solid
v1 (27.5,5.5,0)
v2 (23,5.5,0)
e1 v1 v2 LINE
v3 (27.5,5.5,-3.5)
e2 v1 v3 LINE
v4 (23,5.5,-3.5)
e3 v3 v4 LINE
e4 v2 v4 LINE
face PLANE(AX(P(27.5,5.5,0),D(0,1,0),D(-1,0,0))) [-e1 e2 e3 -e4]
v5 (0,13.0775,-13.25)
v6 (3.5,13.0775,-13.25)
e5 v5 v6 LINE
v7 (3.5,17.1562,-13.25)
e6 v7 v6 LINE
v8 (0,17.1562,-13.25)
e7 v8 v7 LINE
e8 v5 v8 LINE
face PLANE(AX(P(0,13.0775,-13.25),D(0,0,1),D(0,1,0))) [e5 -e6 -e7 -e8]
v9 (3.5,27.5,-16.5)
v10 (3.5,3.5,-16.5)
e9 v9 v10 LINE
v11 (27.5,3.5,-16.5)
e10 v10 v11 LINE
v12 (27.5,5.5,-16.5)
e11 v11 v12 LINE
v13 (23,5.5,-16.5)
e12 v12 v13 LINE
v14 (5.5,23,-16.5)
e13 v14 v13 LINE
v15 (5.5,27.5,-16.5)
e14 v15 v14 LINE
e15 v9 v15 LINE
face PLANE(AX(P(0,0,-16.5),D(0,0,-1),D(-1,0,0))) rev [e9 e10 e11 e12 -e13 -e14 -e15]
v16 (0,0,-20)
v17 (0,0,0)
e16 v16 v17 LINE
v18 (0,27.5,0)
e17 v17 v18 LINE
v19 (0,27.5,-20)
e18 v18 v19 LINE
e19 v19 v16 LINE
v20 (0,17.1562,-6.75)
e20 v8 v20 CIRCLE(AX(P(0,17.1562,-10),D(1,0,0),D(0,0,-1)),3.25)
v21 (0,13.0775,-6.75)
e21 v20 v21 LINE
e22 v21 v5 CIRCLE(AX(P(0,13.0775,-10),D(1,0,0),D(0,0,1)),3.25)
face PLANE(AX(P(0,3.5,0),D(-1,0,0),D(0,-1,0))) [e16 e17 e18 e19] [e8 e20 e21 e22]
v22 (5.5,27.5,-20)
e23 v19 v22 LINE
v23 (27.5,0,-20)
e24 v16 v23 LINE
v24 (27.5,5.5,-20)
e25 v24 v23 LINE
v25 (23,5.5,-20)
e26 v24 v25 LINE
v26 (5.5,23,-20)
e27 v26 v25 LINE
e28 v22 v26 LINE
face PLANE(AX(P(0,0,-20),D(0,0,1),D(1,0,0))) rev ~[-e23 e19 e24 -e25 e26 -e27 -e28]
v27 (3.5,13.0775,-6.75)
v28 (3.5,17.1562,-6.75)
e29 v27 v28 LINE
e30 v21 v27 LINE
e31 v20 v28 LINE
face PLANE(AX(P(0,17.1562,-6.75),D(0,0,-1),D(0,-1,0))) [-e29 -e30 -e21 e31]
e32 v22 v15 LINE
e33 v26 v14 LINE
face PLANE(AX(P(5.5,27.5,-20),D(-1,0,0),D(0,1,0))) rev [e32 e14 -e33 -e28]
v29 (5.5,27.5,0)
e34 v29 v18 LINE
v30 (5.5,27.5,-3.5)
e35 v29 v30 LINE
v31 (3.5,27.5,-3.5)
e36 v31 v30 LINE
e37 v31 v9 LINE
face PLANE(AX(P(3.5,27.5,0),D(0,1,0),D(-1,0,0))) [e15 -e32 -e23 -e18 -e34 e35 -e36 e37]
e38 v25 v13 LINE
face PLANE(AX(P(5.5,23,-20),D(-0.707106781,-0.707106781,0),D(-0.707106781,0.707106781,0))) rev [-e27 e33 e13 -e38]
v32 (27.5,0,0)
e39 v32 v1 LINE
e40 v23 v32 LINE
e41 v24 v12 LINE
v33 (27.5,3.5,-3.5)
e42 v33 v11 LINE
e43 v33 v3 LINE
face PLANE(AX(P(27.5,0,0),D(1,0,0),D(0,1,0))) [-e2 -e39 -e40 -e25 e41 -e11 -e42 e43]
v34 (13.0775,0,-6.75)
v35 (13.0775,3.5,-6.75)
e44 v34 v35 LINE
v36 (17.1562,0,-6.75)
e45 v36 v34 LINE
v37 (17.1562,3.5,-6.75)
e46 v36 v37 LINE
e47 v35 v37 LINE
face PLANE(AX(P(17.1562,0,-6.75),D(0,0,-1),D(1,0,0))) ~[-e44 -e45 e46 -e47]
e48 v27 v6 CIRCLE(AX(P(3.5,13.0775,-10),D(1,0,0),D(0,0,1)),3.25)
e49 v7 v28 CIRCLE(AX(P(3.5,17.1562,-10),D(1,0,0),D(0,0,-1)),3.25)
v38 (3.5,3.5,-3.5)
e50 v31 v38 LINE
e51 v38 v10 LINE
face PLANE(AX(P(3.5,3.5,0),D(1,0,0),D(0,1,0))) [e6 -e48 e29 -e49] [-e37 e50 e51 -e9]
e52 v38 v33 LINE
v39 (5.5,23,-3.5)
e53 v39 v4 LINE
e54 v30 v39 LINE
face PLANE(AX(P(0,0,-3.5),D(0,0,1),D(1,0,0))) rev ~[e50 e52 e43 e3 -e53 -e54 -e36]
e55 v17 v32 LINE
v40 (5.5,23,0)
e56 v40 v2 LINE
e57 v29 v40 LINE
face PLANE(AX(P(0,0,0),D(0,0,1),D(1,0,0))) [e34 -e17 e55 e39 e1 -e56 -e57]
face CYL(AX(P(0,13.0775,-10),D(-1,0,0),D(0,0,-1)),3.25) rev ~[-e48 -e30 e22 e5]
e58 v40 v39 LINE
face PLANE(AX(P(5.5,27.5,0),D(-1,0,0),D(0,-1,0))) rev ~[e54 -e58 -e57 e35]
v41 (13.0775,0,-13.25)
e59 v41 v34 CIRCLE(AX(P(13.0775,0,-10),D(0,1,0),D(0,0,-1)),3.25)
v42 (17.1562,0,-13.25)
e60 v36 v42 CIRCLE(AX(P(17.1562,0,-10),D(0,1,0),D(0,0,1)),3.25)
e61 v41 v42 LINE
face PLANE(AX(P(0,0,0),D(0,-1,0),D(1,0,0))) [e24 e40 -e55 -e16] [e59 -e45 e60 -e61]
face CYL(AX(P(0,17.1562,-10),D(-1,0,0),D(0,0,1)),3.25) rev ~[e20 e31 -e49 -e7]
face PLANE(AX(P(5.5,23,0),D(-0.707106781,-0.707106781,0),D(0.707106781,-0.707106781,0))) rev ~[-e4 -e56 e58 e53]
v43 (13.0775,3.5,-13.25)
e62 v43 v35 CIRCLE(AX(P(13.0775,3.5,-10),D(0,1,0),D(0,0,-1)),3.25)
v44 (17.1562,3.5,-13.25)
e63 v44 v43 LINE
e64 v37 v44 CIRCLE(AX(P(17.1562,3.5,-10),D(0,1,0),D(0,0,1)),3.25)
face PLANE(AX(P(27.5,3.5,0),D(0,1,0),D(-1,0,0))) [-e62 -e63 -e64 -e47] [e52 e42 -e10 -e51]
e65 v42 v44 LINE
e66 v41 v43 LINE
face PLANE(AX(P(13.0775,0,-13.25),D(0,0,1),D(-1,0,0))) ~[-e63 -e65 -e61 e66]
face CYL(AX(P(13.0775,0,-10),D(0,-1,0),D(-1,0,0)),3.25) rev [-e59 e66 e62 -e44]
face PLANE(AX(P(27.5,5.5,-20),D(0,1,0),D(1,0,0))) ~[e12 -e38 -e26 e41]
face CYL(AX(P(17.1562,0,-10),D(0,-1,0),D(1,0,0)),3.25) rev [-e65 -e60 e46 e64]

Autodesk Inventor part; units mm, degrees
ref_plane "YZ Plane" through (0, 0, 0) normal (1, 0, 0) x (0, 1, 0)
sketch "Sketch1" plane through (0, 0, 0) normal (0, 0, 1) x (1, 0, 0)
  line L0 (0, 0) -> (27.5, 0)
  line L1 (27.5, 0) -> (27.5, 5.5)
  line L2 (27.5, 5.5) -> (23, 5.5)
  line L3 (0, 0) -> (0, 27.5)
  line L4 (0, 0) -> (27.5, 0) construction
  line L5 (0, 27.5) -> (5.5, 27.5)
  line L6 (5.5, 27.5) -> (5.5, 23)
  line L7 (5.5, 23) -> (23, 5.5)
  dimension "d0" = 27.5
  dimension "d1" = 5.5
  dimension "d2" = 4.5
  dimension "d3" = 27.5
  dimension "d4" = 90
  dimension "d5" = 5.5
  dimension "d6" = 4.5
sketch "Sketch2" plane through (0, 0, 0) normal (0, 0, 1) x (1, 0, 0)
  line L0 (0, 0) -> (3.5, 0)
  line L1 (3.5, 3.5) -> (3.5, 27.5)
  line L2 (3.5, 27.5) -> (0, 27.5)
  line L3 (0, 27.5) -> (0, 0)
  line L4 (0, 0) -> (27.5, 0)
  line L5 (27.5, 0) -> (27.5, 3.5)
  line L6 (27.5, 3.5) -> (3.5, 3.5)
  line L7 (0, 3.5) -> (0, 0)
  dimension "d7" = 3.5
  dimension "d8" = 27.5
  dimension "d9" = 27.5
  dimension "d10" = 3.5
extrude "Extrusion1" add sketch "Sketch2" against normal blind 20
extrude "Extrusion2" add sketch "Sketch1" against normal blind 3.5
ref_plane "Work Plane1" through (0, 0, -10) normal (0, 0, 1) x (1, 0, 0)
mirror "Mirror1" about plane through (0, 0, -10) normal (0, 0, 1) of "Extrusion2"
sketch "Sketch3" plane through (0, 0, 0) normal (-1, 0, 0) x (0, 0, 1)
  line L0 (0, 0) -> (-20, 0) construction
  line L1 (-10, 0) -> (-10, 15) construction
  line L2 (-10, 14.8275) -> (-6.75, 14.8275) construction
  line L3 (-6.75, 14.8275) -> (-6.75, 9.8275) construction
  line L4 (-10, 9.8275) -> (-10, 14.8275) construction
  line L5 (-13.25, 13.0775) -> (-13.25, 17.1562)
  line L6 (-10, 20.4062) -> (-10, 20.4062)
  line L7 (-6.75, 17.1562) -> (-6.75, 13.0775)
  arc A0 (-10, 20.4062) -> (-13.25, 17.1562) centre (-10, 17.1562) ccw
  arc A1 (-6.75, 17.1562) -> (-10, 20.4062) centre (-10, 17.1562) ccw
  arc A2 (-13.25, 13.0775) -> (-10, 9.8275) centre (-10, 13.0775) ccw
  line L8 (-10, 9.8275) -> (-10, 9.8275)
  arc A3 (-10, 9.8275) -> (-6.75, 13.0775) centre (-10, 13.0775) ccw
  point P0 (-13.25, 20.4062)
  point P1 (-6.75, 20.4062)
  dimension "d16" = 15
  dimension "d17" = 3.25
  dimension "d18" = 5
  dimension "d19" = 6.5
  dimension "d20" = 3.25
  dimension "d21" = 3.25
extrude "Extrusion3" cut sketch "Sketch3" against normal through all
ref_plane "Work Plane2" through (0, 0, 0) normal (0.7071, -0.7071, 0) x (0, 0, -1)
mirror "Mirror2" about plane through (0, 0, 0) normal (0.7071, -0.7071, 0) of "Extrusion3"
properties part number "bracket"
